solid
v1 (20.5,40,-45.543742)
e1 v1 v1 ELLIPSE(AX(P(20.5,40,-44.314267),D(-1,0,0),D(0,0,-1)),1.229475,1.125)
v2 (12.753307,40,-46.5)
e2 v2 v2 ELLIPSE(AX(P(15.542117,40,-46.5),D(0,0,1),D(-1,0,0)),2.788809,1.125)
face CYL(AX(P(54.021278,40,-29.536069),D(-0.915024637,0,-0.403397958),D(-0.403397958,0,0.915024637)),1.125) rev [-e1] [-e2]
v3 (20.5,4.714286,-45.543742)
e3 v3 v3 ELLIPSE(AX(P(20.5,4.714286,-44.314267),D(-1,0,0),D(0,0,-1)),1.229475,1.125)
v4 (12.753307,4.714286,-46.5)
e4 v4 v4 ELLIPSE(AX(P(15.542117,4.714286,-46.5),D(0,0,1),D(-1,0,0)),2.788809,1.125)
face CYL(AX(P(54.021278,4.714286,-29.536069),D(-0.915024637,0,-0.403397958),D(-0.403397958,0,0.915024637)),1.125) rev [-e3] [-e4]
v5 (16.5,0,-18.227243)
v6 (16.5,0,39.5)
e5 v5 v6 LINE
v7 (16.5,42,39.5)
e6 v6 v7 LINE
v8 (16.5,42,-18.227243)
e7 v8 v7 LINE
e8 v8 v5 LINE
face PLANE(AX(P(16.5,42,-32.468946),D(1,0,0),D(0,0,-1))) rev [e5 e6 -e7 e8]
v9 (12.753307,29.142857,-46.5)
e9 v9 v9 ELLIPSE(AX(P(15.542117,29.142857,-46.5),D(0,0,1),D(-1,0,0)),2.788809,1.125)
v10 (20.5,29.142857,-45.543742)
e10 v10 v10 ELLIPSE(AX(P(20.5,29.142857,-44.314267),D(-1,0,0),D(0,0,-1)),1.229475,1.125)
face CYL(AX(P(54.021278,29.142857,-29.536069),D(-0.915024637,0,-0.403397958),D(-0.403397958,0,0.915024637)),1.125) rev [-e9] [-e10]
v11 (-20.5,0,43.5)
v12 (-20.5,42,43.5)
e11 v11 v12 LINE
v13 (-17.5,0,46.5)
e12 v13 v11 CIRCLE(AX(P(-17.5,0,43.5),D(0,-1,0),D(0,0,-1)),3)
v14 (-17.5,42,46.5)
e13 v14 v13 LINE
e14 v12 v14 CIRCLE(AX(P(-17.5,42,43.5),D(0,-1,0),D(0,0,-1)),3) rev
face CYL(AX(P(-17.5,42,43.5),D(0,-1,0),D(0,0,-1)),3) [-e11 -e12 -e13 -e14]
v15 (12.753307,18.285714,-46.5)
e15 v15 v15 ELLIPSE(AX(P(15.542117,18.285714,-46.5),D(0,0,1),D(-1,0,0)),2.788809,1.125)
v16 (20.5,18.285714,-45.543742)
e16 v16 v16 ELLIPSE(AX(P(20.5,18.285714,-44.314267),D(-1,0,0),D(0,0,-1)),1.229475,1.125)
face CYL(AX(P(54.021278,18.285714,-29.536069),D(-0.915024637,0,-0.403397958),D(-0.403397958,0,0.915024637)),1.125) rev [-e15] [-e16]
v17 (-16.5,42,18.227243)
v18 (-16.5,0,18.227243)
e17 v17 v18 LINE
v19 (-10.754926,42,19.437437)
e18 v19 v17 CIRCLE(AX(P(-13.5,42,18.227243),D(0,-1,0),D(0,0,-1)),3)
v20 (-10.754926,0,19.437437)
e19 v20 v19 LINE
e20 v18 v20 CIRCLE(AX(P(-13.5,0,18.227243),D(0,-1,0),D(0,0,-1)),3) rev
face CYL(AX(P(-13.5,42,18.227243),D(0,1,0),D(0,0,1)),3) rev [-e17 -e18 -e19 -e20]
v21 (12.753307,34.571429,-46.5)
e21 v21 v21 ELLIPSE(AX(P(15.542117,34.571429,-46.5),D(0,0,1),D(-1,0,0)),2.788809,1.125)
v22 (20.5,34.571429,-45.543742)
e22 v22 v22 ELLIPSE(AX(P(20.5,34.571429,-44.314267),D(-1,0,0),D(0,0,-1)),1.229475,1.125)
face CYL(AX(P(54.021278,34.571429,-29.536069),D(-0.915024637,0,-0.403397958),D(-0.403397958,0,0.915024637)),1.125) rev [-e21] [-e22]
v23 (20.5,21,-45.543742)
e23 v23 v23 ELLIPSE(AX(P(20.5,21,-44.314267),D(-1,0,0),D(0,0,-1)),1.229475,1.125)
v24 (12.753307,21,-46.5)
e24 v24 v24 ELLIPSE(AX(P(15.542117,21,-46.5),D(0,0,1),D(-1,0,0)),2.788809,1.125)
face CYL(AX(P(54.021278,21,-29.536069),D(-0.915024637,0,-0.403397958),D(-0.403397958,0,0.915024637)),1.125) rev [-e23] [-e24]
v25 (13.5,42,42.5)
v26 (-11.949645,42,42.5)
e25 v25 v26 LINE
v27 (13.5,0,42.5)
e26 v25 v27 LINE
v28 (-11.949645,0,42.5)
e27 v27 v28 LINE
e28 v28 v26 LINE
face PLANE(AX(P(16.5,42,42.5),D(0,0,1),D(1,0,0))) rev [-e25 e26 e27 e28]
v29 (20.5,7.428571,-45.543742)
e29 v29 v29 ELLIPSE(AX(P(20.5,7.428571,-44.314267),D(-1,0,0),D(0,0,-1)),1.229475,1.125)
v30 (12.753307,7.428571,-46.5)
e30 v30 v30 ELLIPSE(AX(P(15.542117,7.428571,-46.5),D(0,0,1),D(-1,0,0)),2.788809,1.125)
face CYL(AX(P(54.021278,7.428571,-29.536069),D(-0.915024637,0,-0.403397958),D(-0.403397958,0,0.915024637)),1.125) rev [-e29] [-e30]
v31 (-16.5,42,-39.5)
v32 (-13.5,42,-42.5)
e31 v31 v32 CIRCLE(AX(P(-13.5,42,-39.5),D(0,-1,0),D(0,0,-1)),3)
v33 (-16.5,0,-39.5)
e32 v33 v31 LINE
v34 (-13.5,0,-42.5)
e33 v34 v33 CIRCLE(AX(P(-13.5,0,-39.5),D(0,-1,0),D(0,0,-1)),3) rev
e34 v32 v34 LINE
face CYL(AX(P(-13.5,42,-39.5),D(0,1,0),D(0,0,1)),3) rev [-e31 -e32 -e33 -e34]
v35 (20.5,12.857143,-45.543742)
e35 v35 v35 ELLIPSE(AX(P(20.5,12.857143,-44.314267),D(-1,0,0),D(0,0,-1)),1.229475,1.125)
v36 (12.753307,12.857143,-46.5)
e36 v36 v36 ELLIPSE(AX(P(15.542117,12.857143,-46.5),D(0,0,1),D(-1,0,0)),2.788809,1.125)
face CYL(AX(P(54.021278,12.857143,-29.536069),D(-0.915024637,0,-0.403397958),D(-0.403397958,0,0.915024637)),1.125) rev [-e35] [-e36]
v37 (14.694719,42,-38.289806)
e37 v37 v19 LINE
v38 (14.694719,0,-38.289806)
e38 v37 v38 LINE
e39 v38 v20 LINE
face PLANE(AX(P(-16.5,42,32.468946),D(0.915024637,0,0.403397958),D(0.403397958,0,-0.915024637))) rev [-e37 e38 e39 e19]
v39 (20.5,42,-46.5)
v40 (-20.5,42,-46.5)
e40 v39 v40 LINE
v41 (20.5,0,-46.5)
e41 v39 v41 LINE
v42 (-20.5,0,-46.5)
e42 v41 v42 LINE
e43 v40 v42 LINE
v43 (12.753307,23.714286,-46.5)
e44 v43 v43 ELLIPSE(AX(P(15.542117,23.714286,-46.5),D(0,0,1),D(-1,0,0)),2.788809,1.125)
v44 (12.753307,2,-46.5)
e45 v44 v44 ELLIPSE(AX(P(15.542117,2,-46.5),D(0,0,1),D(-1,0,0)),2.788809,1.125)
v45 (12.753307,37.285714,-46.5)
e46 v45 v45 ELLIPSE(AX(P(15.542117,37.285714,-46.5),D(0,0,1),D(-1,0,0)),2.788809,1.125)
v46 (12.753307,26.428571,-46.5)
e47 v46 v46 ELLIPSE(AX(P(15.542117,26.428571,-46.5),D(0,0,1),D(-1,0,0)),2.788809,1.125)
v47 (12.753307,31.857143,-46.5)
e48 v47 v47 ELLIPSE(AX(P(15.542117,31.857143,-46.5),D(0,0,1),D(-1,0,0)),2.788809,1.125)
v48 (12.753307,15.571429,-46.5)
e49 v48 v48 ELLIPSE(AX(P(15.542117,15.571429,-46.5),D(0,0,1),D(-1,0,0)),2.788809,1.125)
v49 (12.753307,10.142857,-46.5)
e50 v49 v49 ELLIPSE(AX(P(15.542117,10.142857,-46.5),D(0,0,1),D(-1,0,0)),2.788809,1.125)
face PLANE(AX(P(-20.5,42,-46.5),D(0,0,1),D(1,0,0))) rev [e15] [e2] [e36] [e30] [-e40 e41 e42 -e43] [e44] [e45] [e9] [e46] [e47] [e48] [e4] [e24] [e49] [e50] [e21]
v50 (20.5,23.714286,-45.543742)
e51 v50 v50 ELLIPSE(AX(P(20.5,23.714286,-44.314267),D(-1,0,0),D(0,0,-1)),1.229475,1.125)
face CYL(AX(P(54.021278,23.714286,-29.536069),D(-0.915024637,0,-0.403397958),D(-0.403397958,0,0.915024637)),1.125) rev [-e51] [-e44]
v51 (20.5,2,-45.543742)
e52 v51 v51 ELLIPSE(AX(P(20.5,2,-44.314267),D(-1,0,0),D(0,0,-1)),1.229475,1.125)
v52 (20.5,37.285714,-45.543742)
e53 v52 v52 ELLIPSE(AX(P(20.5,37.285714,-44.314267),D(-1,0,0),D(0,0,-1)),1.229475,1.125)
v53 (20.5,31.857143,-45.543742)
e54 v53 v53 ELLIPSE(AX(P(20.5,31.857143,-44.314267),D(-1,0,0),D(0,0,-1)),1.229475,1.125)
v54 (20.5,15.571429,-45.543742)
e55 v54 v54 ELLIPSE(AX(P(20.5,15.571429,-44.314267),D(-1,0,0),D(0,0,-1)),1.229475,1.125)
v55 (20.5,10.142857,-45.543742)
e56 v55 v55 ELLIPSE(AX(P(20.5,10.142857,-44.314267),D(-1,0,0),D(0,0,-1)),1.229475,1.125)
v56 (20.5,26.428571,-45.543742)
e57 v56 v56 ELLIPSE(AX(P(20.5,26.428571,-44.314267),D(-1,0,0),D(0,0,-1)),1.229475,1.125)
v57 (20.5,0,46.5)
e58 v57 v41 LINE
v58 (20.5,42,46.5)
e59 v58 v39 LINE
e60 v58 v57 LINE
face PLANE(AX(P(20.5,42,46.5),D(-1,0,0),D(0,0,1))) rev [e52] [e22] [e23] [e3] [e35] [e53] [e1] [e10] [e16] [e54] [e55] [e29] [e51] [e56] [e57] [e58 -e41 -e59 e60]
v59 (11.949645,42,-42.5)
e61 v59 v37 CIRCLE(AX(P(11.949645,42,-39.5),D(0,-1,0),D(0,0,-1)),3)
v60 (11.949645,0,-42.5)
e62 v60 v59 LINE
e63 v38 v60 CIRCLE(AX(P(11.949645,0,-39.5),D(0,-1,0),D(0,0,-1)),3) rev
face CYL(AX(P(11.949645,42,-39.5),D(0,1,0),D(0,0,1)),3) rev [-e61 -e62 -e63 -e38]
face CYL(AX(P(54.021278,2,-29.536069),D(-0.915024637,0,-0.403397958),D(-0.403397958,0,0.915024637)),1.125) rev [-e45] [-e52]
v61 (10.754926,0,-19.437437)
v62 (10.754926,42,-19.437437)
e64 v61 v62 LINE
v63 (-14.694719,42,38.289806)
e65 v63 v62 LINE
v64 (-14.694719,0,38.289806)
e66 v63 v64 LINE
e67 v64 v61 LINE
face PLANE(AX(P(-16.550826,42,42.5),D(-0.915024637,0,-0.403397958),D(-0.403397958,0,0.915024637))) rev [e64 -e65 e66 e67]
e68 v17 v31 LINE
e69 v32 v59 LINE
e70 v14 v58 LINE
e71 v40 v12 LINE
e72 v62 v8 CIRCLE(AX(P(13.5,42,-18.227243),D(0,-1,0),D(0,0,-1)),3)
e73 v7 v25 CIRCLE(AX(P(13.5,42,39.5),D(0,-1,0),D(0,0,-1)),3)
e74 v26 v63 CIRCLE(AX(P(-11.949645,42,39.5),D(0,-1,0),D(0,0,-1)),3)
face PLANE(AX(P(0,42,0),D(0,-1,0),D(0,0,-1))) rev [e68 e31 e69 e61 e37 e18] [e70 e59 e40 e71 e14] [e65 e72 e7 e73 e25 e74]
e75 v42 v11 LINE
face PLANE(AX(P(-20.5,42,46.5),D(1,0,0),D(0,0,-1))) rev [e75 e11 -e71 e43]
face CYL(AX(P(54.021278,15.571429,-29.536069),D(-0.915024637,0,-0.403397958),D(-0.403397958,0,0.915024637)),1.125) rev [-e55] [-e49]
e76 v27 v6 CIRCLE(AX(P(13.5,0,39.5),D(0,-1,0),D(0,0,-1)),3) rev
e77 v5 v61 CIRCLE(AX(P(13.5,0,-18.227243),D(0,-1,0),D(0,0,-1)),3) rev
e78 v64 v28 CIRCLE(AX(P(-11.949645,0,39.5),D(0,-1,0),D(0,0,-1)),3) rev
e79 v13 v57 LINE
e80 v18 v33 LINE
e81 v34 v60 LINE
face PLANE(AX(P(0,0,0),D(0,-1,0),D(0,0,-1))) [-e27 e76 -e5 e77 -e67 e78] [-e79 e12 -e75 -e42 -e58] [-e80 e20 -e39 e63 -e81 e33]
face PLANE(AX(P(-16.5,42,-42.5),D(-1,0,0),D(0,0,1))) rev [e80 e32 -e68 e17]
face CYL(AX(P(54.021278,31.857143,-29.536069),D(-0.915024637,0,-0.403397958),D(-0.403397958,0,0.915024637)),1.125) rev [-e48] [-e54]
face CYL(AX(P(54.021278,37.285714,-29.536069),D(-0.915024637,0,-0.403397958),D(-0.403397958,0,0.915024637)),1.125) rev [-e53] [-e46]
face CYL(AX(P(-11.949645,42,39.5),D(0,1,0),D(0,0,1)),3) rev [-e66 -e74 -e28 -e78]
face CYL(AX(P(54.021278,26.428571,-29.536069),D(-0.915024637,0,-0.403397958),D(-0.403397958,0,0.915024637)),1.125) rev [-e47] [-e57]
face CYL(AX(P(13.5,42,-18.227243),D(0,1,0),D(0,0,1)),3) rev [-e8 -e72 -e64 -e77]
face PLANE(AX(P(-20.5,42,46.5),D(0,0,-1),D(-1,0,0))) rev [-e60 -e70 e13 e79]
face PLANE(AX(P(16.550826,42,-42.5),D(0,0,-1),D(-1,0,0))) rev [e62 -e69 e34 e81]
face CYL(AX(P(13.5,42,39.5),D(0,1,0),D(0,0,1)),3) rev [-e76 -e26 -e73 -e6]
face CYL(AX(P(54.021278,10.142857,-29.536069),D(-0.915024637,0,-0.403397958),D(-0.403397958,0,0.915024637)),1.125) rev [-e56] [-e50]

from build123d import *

# Parameters (mm, degrees)
SKETCH1_W               = 41
SKETCH1_H               = 93
BOSS_EXTRUDE1_DEPTH     = 42
CUT_EXTRUDE1_DEPTH      = 66.927991021
CUT_EXTRUDE1_DEPTH_BACK = 66.927991021
SKETCH2_R               = 1.125
CUT_EXTRUDE2_DEPTH      = 66.927991021
FILLET1_R               = 3
FILLET2_R               = 3


with BuildPart() as part:
    # Sketch1 → Boss-Extrude1 (new body)
    with BuildSketch(Plane(origin=(0, 0, 0), x_dir=(1, 0, 0), z_dir=(0, 1, 0))):
        Rectangle(SKETCH1_W, SKETCH1_H)
    extrude(amount=BOSS_EXTRUDE1_DEPTH)

    # Sketch2 → Cut-Extrude1 (cut, two sides: drawn at the far end of the back side and taken through both)
    with BuildSketch(Plane(origin=(0, 0, 0), x_dir=(-0.403397958441935, 0, 0.9150246374414619), z_dir=(-0.9150246374414619, 0, -0.403397958441935)).offset(-CUT_EXTRUDE1_DEPTH_BACK)):
        with Locations((-48.818303789, 40)):
            Circle(SKETCH2_R)
        with Locations((-48.818303789, 37.285714286)):
            Circle(SKETCH2_R)
        with Locations((-48.818303789, 34.571428571)):
            Circle(SKETCH2_R)
        with Locations((-48.818303789, 31.857142857)):
            Circle(SKETCH2_R)
        with Locations((-48.818303789, 29.142857143)):
            Circle(SKETCH2_R)
        with Locations((-48.818303789, 26.428571429)):
            Circle(SKETCH2_R)
        with Locations((-48.818303789, 23.714285714)):
            Circle(SKETCH2_R)
        with Locations((-48.818303789, 21)):
            Circle(SKETCH2_R)
        with Locations((-48.818303789, 18.285714286)):
            Circle(SKETCH2_R)
        with Locations((-48.818303789, 15.571428571)):
            Circle(SKETCH2_R)
        with Locations((-48.818303789, 12.857142857)):
            Circle(SKETCH2_R)
        with Locations((-48.818303789, 10.142857143)):
            Circle(SKETCH2_R)
        with Locations((-48.818303789, 7.428571429)):
            Circle(SKETCH2_R)
        with Locations((-48.818303789, 4.714285714)):
            Circle(SKETCH2_R)
        with Locations((-48.818303789, 2)):
            Circle(SKETCH2_R)
    extrude(amount=CUT_EXTRUDE1_DEPTH + CUT_EXTRUDE1_DEPTH_BACK, mode=Mode.SUBTRACT)

    # Sketch3 → Cut-Extrude2 (cut, through all)
    with BuildSketch(Plane.XZ):
        Polygon((16.5, 42.5), (-16.550825643, 42.5), (16.5, -32.468945972), align=None)
        Polygon((-16.5, 32.468945972), (16.550825643, -42.5), (-16.5, -42.5), align=None)
    extrude(amount=-CUT_EXTRUDE2_DEPTH, mode=Mode.SUBTRACT)

    # Fillet1
    fillet1_edges = [part.edges().sort_by_distance(p)[0] for p in [
        (-16.5, 21, -42.5),
        (-16.5, 21, 32.468945972),
        (16.550825643, 21, -42.5),
        (16.5, 21, 42.5),
        (16.5, 21, -32.468945972),
        (-16.550825643, 21, 42.5),
    ]]
    fillet(fillet1_edges, radius=FILLET1_R)

    # Fillet2
    fillet2_edges = [part.edges().sort_by_distance(p)[0] for p in [
        (-20.5, 21, 46.5),
    ]]
    fillet(fillet2_edges, radius=FILLET2_R)


solid = part.part
